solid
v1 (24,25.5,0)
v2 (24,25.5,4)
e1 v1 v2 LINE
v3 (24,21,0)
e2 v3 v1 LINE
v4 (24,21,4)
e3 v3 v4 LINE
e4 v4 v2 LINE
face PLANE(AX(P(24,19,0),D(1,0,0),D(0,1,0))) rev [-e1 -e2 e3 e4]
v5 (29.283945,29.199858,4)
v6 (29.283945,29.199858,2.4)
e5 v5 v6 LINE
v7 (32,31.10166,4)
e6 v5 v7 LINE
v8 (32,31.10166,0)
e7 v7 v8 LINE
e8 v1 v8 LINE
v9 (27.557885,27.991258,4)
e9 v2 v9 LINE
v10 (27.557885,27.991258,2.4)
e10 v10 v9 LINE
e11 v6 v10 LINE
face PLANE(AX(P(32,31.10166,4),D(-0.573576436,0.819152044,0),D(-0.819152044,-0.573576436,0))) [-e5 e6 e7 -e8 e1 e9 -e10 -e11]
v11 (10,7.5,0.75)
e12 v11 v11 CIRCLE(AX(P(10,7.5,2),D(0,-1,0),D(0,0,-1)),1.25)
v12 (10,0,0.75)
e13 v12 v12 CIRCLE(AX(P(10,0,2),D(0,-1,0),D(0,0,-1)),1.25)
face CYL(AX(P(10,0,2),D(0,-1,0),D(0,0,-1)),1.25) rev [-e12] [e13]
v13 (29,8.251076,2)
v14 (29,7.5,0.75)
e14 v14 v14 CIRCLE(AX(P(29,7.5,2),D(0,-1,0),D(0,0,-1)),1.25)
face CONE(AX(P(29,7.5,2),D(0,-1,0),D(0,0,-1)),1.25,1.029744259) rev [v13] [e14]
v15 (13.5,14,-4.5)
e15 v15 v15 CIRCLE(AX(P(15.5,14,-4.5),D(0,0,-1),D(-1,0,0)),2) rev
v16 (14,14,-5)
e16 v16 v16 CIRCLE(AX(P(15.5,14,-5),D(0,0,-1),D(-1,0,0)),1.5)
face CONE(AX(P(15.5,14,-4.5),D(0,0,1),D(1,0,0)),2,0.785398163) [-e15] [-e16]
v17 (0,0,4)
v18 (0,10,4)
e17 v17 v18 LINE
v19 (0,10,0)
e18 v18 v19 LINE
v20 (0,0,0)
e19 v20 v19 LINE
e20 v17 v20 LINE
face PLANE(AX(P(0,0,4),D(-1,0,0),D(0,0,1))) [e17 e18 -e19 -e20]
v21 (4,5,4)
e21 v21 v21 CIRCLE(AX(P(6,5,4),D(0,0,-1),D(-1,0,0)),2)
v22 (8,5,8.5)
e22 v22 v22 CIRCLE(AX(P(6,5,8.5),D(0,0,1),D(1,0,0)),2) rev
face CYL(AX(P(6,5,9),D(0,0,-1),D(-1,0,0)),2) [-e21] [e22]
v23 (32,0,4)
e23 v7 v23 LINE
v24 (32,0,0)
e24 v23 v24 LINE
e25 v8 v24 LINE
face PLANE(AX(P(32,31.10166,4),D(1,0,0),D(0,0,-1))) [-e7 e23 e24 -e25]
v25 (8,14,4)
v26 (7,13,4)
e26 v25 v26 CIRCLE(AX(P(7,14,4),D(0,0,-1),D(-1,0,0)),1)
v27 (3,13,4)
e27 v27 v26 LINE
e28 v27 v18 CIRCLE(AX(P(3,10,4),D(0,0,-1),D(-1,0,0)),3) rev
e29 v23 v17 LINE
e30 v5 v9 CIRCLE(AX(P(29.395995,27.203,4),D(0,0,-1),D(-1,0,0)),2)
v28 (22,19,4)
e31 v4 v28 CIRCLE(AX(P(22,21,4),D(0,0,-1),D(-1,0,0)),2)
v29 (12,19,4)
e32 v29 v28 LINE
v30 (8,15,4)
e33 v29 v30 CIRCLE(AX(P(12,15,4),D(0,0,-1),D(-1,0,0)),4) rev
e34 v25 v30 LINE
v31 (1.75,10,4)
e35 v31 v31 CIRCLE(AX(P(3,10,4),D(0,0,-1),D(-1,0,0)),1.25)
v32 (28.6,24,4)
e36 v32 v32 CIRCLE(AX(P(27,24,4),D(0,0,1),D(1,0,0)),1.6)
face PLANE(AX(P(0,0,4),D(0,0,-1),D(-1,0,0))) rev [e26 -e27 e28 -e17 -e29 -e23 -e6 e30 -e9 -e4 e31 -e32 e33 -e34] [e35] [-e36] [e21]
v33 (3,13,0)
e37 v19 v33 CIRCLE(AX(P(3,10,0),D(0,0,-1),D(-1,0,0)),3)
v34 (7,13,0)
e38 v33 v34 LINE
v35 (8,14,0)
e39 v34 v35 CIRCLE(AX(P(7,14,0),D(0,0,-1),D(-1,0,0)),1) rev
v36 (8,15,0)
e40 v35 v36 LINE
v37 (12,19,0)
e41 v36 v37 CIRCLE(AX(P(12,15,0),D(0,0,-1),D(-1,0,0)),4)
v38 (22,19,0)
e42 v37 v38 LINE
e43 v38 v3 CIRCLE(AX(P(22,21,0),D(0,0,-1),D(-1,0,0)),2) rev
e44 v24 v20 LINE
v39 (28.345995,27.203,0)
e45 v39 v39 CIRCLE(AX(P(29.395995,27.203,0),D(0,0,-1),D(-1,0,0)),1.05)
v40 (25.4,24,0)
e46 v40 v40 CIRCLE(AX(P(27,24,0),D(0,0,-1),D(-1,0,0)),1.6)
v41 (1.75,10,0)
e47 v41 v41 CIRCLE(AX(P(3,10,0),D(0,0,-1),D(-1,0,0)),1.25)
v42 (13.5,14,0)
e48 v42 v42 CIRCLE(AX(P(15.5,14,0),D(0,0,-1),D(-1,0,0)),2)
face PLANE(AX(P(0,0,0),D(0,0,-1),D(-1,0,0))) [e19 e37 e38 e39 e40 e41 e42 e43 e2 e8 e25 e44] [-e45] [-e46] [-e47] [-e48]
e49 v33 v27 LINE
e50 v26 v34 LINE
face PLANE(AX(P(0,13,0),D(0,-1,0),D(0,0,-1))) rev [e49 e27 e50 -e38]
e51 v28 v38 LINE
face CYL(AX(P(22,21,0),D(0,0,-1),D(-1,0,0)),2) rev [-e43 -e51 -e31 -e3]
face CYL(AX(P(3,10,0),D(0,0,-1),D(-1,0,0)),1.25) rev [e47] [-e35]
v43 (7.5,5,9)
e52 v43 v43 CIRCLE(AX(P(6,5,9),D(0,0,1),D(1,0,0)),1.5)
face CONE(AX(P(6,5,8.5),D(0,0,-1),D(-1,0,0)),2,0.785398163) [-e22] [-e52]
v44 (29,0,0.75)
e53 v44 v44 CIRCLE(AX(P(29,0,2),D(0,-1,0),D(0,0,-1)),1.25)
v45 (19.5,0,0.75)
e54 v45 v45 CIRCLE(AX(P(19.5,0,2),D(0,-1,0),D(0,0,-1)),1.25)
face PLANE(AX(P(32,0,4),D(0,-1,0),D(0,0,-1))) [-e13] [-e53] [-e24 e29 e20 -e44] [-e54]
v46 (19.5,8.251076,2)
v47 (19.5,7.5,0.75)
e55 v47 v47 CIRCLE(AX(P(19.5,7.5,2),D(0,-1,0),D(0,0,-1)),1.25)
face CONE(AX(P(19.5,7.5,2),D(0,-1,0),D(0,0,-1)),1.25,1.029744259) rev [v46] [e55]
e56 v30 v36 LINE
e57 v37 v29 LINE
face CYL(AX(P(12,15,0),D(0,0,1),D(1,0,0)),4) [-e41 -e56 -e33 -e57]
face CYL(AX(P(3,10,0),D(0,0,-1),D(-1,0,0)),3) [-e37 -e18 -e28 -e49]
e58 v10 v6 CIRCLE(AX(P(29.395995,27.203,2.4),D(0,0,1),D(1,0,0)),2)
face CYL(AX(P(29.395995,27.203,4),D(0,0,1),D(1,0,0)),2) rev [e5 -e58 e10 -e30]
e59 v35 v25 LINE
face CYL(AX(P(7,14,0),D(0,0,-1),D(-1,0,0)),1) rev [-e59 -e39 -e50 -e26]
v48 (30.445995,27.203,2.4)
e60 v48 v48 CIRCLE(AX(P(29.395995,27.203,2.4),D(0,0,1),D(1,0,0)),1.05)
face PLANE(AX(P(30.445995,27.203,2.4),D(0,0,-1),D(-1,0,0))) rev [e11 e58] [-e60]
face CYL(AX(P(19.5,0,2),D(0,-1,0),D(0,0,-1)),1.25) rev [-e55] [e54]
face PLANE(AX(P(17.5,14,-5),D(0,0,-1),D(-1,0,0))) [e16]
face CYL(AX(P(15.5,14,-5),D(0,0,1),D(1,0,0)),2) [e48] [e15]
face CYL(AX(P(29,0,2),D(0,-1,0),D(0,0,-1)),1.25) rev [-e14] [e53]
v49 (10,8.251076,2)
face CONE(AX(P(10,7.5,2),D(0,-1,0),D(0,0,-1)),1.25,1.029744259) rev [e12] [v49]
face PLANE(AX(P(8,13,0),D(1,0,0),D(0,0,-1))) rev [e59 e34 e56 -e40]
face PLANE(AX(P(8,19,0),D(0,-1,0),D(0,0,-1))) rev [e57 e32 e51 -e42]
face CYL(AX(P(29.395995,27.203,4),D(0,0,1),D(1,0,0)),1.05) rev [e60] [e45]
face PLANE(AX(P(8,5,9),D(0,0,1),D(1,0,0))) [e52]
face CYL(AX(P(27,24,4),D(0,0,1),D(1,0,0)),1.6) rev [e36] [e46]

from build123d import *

# Parameters (mm, degrees)
SKETCH1_W                       = 32
SKETCH1_H                       = 31.101660306
BOSS_EXTRUDE1_DEPTH             = 4
SKETCH2_W                       = 8
SKETCH2_H                       = 18.101660306
CUT_EXTRUDE1_DEPTH              = 5
SKETCH3_W                       = 16
SKETCH3_H                       = 12.101660306
CUT_EXTRUDE2_DEPTH              = 5
DRAFT1_ANGLE                    = -35.000000002
SKETCH4_W                       = 2
SKETCH4_H                       = 5
SKETCH5_W                       = 2
SKETCH5_H                       = 5
F_3_2_3_2_DIAMETER_HOLE1_D      = 3.2
F_3_2_3_2_DIAMETER_HOLE1_DEPTH  = 9
F_2_5_2_5_DIAMETER_HOLE1_D      = 2.5
F_2_5_2_5_DIAMETER_HOLE1_DEPTH  = 9
M4X0_7_TAPPED_HOLE1_D           = 2.1
M4X0_7_TAPPED_HOLE1_DEPTH       = 9
M4X0_7_TAPPED_HOLE1_CBORE_D     = 4
M4X0_7_TAPPED_HOLE1_CBORE_DEPTH = 1.6
F_2_5_2_5_DIAMETER_HOLE2_D      = 2.5
F_2_5_2_5_DIAMETER_HOLE2_DEPTH  = 7.5
F_2_5_2_5_DIAMETER_HOLE2_TIP    = 0.751075774
CHAMFER1_SIZE                   = 0.5
FILLET1_R                       = 1
FILLET2_R                       = 2
FILLET3_R                       = 3
FILLET4_R                       = 4


with BuildPart() as part:
    # Sketch1 → Boss-Extrude1 (new body)
    with BuildSketch(Plane(origin=(0, 0, 0), x_dir=(-1, 0, 0), z_dir=(0, 0, -1))):
        with Locations((-16, 15.550830153)):
            Rectangle(SKETCH1_W, SKETCH1_H)
    extrude(amount=-BOSS_EXTRUDE1_DEPTH)

    # Sketch2 → Cut-Extrude1 (cut, through all)
    with BuildSketch(Plane.XY.offset(4)):
        with Locations((4, 22.050830153)):
            Rectangle(SKETCH2_W, SKETCH2_H)
    extrude(amount=-CUT_EXTRUDE1_DEPTH, mode=Mode.SUBTRACT)

    # Sketch3 → Cut-Extrude2 (cut, through all)
    with BuildSketch(Plane.XY.offset(4)):
        with Locations((16, 25.050830153)):
            Rectangle(SKETCH3_W, SKETCH3_H)
    extrude(amount=-CUT_EXTRUDE2_DEPTH, mode=Mode.SUBTRACT)

    # Draft1
    draft1_faces = [part.faces().sort_by_distance(p)[0] for p in [
        (28, 31.101660306, 2),
    ]]
    draft(draft1_faces, Plane(origin=(32, 31.101660306, 4), x_dir=(0, 0, 1), z_dir=(1, 0, 0)), DRAFT1_ANGLE)

    # Sketch4 → Revolve1 (revolve)
    with BuildSketch(Plane.XZ.offset(-5)):
        with Locations((7, 6.5)):
            Rectangle(SKETCH4_W, SKETCH4_H)
    revolve(axis=Axis((6, 5, 9), (0, 0, -1)))

    # Sketch5 → Revolve2 (revolve)
    with BuildSketch(Plane(origin=(0, 14, 0), x_dir=(1, 0, 0), z_dir=(0, 1, 0))):
        with Locations((16.5, 2.5)):
            Rectangle(SKETCH5_W, SKETCH5_H)
    revolve(axis=Axis((15.5, 14, -5), (0, 0, 1)))

    # Ø3.2 (3.2) Diameter Hole1
    with Locations(Plane.XY.offset(4)):
        with Locations((27, 24)):
            Hole(F_3_2_3_2_DIAMETER_HOLE1_D / 2, depth=F_3_2_3_2_DIAMETER_HOLE1_DEPTH)

    # Ø2.5 (2.5) Diameter Hole1
    with Locations(Plane(origin=(0, 0, 0), x_dir=(-1, 0, 0), z_dir=(0, 0, -1))):
        with Locations((-3, 10)):
            Hole(F_2_5_2_5_DIAMETER_HOLE1_D / 2, depth=F_2_5_2_5_DIAMETER_HOLE1_DEPTH)

    # M4x0.7 Tapped Hole1
    with Locations(Plane.XY.offset(4)):
        with Locations((29.395995182, 27.202999702)):
            CounterBoreHole(M4X0_7_TAPPED_HOLE1_D / 2, M4X0_7_TAPPED_HOLE1_CBORE_D / 2, M4X0_7_TAPPED_HOLE1_CBORE_DEPTH, depth=M4X0_7_TAPPED_HOLE1_DEPTH)

    # Ø2.5 (2.5) Diameter Hole2
    with Locations(Plane(origin=(0, 0, 0), x_dir=(-1, 0, 0), z_dir=(0, -1, 0))):
        with Locations((-10, -2), (-19.5, -2), (-29, -2)):
            Hole(F_2_5_2_5_DIAMETER_HOLE2_D / 2, depth=F_2_5_2_5_DIAMETER_HOLE2_DEPTH)
            with Locations((0, 0, -(F_2_5_2_5_DIAMETER_HOLE2_DEPTH + F_2_5_2_5_DIAMETER_HOLE2_TIP / 2))):  # 118° drill point
                Cone(0, F_2_5_2_5_DIAMETER_HOLE2_D / 2, F_2_5_2_5_DIAMETER_HOLE2_TIP, mode=Mode.SUBTRACT)

    # Chamfer1
    chamfer1_edges = [part.edges().sort_by_distance(p)[0] for p in [
        (4, 5, 9),
        (13.5, 14, -5),
    ]]
    chamfer(chamfer1_edges, length=CHAMFER1_SIZE)

    # Fillet1
    fillet1_edges = [part.edges().sort_by_distance(p)[0] for p in [
        (8, 13, 2),
    ]]
    fillet(fillet1_edges, radius=FILLET1_R)

    # Fillet2
    fillet2_edges = [part.edges().sort_by_distance(p)[0] for p in [
        (24, 19, 2),
    ]]
    fillet(fillet2_edges, radius=FILLET2_R)

    # Fillet3
    fillet3_edges = [part.edges().sort_by_distance(p)[0] for p in [
        (0, 13, 2),
    ]]
    fillet(fillet3_edges, radius=FILLET3_R)

    # Fillet4
    fillet4_edges = [part.edges().sort_by_distance(p)[0] for p in [
        (8, 19, 2),
    ]]
    fillet(fillet4_edges, radius=FILLET4_R)


solid = part.part
